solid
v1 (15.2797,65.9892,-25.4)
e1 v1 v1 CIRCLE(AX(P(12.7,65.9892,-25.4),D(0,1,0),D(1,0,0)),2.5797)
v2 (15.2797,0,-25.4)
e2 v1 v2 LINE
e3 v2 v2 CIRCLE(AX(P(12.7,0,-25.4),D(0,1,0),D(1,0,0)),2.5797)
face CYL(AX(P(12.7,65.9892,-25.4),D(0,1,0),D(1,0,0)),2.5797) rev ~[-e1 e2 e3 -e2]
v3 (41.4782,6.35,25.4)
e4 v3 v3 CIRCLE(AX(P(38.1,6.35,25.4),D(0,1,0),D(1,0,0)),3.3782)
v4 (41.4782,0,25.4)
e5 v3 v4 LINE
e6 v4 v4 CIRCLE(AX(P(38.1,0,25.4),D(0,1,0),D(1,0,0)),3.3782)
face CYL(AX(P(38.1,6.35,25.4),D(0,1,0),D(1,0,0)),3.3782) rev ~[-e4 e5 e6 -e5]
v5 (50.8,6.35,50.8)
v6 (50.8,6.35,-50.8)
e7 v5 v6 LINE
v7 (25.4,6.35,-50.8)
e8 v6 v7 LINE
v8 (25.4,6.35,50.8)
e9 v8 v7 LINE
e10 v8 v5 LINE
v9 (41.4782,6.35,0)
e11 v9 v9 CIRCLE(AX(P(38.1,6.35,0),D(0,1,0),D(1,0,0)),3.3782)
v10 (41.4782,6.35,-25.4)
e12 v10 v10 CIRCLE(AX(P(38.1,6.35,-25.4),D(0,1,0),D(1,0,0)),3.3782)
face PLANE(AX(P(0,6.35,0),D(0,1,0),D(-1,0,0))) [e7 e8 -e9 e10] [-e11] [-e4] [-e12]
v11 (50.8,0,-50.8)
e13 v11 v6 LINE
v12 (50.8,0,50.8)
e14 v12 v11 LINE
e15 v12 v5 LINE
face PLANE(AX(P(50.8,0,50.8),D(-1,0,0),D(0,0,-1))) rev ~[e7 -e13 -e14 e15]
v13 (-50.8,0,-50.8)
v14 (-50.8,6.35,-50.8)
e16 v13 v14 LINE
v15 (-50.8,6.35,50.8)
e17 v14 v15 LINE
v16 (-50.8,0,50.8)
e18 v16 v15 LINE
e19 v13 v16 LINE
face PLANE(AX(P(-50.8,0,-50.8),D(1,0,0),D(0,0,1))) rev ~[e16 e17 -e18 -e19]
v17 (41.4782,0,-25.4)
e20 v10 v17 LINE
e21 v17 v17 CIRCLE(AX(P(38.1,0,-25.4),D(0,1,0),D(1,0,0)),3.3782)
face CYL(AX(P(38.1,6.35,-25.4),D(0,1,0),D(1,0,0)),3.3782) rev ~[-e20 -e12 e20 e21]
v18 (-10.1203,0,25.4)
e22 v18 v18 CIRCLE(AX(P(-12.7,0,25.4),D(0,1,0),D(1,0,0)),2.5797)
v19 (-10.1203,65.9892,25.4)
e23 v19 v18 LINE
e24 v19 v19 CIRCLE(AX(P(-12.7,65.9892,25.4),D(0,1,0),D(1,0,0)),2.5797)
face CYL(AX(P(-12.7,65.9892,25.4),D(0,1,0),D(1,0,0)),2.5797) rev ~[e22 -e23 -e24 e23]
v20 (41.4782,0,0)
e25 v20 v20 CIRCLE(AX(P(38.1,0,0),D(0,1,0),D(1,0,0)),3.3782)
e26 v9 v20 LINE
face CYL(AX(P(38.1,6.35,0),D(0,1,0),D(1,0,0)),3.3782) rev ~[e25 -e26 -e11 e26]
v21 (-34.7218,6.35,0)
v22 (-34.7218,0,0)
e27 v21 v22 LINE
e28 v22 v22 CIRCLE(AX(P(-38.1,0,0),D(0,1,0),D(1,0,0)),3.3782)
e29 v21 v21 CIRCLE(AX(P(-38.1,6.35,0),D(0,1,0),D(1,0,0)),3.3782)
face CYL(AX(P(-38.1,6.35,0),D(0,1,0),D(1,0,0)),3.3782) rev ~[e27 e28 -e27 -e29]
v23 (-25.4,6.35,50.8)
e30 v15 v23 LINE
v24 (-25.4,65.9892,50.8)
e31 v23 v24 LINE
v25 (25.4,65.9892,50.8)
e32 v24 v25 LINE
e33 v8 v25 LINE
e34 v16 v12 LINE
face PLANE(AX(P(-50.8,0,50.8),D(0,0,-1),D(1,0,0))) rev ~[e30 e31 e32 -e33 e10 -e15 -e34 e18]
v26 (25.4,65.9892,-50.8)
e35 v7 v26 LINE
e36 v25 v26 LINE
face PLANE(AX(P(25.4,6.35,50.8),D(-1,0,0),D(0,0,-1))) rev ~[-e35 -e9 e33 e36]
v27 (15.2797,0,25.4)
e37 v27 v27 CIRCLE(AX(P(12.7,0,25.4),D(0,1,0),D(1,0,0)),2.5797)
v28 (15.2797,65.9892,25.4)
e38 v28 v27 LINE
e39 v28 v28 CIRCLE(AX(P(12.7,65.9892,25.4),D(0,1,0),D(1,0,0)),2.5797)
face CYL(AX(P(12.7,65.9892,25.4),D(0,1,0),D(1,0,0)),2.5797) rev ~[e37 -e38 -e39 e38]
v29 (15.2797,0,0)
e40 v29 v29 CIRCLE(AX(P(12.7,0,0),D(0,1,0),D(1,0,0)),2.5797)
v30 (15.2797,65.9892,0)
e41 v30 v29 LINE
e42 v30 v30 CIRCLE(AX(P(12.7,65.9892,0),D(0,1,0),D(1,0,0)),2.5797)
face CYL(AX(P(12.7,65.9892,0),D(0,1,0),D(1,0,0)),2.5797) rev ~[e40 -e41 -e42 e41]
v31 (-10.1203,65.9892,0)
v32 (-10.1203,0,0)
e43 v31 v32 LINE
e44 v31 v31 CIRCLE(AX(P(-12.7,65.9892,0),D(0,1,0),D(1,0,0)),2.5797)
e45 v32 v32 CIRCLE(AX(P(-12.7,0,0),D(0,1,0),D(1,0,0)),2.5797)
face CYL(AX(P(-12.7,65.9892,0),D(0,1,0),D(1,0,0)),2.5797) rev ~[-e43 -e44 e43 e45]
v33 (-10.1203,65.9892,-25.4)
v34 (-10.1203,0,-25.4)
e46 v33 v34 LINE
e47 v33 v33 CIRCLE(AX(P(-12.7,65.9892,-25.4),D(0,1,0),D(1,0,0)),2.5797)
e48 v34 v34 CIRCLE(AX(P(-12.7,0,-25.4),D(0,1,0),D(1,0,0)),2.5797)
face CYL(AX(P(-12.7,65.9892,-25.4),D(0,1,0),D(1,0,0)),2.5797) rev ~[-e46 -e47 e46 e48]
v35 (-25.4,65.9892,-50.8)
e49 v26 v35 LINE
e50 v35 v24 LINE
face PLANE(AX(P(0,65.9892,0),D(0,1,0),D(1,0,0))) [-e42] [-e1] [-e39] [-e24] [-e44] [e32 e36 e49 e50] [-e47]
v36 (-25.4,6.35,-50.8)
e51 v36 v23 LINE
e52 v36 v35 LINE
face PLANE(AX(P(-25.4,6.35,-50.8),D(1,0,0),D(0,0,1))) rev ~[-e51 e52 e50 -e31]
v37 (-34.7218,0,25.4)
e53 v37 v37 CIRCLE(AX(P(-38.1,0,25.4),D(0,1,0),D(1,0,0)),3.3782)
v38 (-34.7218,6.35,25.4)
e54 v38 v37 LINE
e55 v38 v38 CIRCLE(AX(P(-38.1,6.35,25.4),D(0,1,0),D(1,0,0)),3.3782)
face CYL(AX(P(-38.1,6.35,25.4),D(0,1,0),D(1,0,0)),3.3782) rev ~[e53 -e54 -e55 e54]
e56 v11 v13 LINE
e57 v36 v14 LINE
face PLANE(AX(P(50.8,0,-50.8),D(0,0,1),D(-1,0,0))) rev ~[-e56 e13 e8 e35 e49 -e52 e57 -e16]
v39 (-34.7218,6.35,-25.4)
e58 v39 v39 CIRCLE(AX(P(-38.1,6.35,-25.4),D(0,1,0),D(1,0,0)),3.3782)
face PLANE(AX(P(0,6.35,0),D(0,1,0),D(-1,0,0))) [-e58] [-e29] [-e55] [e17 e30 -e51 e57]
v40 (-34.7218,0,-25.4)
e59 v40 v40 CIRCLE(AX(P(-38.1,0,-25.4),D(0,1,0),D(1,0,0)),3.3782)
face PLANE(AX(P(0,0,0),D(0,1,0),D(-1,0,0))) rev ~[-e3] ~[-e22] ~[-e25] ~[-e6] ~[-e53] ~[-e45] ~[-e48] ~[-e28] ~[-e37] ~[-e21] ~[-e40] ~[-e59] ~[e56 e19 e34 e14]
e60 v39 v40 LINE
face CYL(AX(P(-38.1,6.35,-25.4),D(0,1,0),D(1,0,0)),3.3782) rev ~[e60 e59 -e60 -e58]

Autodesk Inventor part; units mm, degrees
ref_plane "XZ Plane" through (0, 0, 0) normal (0, 1, 0) x (-1, 0, 0)
sketch "Sketch1" plane through (0, 0, 0) normal (0, 1, 0) x (-1, 0, 0)
  line L0 (50.8, 50.8) -> (-50.8, 50.8)
  line L1 (-50.8, 50.8) -> (-50.8, -50.8)
  line L2 (-50.8, -50.8) -> (50.8, -50.8)
  line L3 (50.8, -50.8) -> (50.8, 50.8)
  line L4 (50.8, 50.8) -> (-50.8, -50.8) construction
  line L5 (-50.8, 50.8) -> (50.8, -50.8) construction
  point P0 (0, 0)
  dimension "d0" = 101.6
  dimension "d1" = 101.6
extrude "Extrusion1" add sketch "Sketch1" along normal blind 6.35
sketch "Sketch4" plane through (0, 6.35, 0) normal (0, 1, 0) x (1, 0, 0)
  line L0 (-25.4, -50.8) -> (25.4, -50.8)
  line L1 (25.4, -50.8) -> (25.4, 50.8)
  line L2 (25.4, 50.8) -> (-25.4, 50.8)
  line L3 (-25.4, 50.8) -> (-25.4, -50.8)
  line L4 (-25.4, -50.8) -> (25.4, 50.8) construction
  line L5 (25.4, -50.8) -> (-25.4, 50.8) construction
  line L6 (-50.8, 50.8) -> (-50.8, -50.8) projected
  line L7 (-50.8, -50.8) -> (50.8, -50.8) projected
  point P0 (0, 0)
  point P1 (0, 0)
  dimension "d15" = 50.8
  dimension "d16" = 25.4
  dimension "d17" = 101.6
extrude "Extrusion4" add sketch "Sketch4" along normal blind 59.6392
sketch "Sketch12" plane through (0, 65.9892, 0) normal (0, 1, 0) x (1, 0, 0)
  circle A0 centre (-12.7, -25.4) radius 2.5797
  line L0 (-25.4, -50.8) -> (25.4, -50.8) projected
  line L1 (-25.4, 50.8) -> (-25.4, -50.8) projected
  line L2 (-12.7, -25.4) -> (-12.7, 50.8) construction
  line L3 (-12.7, -25.4) -> (25.4, -25.4) construction
  circle A1 centre (-12.7, 0) radius 2.5797
  circle A2 centre (-12.7, 25.4) radius 2.5797
  circle A3 centre (12.7, -25.4) radius 2.5797
  circle A4 centre (12.7, 0) radius 2.5797
  circle A5 centre (12.7, 25.4) radius 2.5797
  point P0 (0, 0)
  dimension "d52" = 5.1594
  dimension "d53" = 25.4
  dimension "d54" = 12.7
  dimension "d57" = 25.4
  dimension "d60" = 25.4
extrude "Extrusion8" cut sketch "Sketch12" against normal through all
sketch "Sketch13" plane through (0, 6.35, 0) normal (0, 1, 0) x (1, 0, 0)
  circle A0 centre (-38.1, -25.4) radius 3.3782
  line L0 (-50.8, -50.8) -> (-25.4, -50.8) projected
  line L1 (-50.8, 50.8) -> (-50.8, -50.8) projected
  line L2 (-38.1, -25.4) -> (-38.1, 50.8) construction
  line L3 (-25.4, 50.8) -> (-50.8, 50.8) projected
  line L4 (-38.1, -25.4) -> (50.8, -25.4) construction
  line L5 (50.8, -50.8) -> (50.8, 50.8) projected
  line L6 (-38.1, 0) -> (50.8, 0) construction
  circle A1 centre (-38.1, 0) radius 3.3782
  line L7 (-38.1, 0) -> (-38.1, 76.2) construction
  line L8 (-38.1, 25.4) -> (50.8, 25.4) construction
  circle A2 centre (-38.1, 25.4) radius 3.3782
  line L9 (-38.1, 25.4) -> (-38.1, 101.6) construction
  line L10 (38.1, -25.4) -> (127, -25.4) construction
  circle A3 centre (38.1, -25.4) radius 3.3782
  line L11 (38.1, -25.4) -> (38.1, 50.8) construction
  line L12 (38.1, 0) -> (127, 0) construction
  circle A4 centre (38.1, 0) radius 3.3782
  line L13 (38.1, 0) -> (38.1, 76.2) construction
  line L14 (38.1, 25.4) -> (127, 25.4) construction
  circle A5 centre (38.1, 25.4) radius 3.3782
  line L15 (38.1, 25.4) -> (38.1, 101.6) construction
  point P0 (0, 0)
  dimension "d65" = 6.7564
  dimension "d66" = 25.4
  dimension "d67" = 12.7
  dimension "d70" = 25.4
  dimension "d73" = 76.2
extrude "Extrusion9" cut sketch "Sketch13" against normal through all
equation "\"d0\" = width"
equation "\"d1\" = length"
equation "\"d2\" = thickness"
equation "\"width\" = 101.6"
equation "\"length\" = 101.6"
equation "\"thickness\" = 6.35"
properties part number "SupportPlateMotorMountV01" material "Aluminum 6061"
